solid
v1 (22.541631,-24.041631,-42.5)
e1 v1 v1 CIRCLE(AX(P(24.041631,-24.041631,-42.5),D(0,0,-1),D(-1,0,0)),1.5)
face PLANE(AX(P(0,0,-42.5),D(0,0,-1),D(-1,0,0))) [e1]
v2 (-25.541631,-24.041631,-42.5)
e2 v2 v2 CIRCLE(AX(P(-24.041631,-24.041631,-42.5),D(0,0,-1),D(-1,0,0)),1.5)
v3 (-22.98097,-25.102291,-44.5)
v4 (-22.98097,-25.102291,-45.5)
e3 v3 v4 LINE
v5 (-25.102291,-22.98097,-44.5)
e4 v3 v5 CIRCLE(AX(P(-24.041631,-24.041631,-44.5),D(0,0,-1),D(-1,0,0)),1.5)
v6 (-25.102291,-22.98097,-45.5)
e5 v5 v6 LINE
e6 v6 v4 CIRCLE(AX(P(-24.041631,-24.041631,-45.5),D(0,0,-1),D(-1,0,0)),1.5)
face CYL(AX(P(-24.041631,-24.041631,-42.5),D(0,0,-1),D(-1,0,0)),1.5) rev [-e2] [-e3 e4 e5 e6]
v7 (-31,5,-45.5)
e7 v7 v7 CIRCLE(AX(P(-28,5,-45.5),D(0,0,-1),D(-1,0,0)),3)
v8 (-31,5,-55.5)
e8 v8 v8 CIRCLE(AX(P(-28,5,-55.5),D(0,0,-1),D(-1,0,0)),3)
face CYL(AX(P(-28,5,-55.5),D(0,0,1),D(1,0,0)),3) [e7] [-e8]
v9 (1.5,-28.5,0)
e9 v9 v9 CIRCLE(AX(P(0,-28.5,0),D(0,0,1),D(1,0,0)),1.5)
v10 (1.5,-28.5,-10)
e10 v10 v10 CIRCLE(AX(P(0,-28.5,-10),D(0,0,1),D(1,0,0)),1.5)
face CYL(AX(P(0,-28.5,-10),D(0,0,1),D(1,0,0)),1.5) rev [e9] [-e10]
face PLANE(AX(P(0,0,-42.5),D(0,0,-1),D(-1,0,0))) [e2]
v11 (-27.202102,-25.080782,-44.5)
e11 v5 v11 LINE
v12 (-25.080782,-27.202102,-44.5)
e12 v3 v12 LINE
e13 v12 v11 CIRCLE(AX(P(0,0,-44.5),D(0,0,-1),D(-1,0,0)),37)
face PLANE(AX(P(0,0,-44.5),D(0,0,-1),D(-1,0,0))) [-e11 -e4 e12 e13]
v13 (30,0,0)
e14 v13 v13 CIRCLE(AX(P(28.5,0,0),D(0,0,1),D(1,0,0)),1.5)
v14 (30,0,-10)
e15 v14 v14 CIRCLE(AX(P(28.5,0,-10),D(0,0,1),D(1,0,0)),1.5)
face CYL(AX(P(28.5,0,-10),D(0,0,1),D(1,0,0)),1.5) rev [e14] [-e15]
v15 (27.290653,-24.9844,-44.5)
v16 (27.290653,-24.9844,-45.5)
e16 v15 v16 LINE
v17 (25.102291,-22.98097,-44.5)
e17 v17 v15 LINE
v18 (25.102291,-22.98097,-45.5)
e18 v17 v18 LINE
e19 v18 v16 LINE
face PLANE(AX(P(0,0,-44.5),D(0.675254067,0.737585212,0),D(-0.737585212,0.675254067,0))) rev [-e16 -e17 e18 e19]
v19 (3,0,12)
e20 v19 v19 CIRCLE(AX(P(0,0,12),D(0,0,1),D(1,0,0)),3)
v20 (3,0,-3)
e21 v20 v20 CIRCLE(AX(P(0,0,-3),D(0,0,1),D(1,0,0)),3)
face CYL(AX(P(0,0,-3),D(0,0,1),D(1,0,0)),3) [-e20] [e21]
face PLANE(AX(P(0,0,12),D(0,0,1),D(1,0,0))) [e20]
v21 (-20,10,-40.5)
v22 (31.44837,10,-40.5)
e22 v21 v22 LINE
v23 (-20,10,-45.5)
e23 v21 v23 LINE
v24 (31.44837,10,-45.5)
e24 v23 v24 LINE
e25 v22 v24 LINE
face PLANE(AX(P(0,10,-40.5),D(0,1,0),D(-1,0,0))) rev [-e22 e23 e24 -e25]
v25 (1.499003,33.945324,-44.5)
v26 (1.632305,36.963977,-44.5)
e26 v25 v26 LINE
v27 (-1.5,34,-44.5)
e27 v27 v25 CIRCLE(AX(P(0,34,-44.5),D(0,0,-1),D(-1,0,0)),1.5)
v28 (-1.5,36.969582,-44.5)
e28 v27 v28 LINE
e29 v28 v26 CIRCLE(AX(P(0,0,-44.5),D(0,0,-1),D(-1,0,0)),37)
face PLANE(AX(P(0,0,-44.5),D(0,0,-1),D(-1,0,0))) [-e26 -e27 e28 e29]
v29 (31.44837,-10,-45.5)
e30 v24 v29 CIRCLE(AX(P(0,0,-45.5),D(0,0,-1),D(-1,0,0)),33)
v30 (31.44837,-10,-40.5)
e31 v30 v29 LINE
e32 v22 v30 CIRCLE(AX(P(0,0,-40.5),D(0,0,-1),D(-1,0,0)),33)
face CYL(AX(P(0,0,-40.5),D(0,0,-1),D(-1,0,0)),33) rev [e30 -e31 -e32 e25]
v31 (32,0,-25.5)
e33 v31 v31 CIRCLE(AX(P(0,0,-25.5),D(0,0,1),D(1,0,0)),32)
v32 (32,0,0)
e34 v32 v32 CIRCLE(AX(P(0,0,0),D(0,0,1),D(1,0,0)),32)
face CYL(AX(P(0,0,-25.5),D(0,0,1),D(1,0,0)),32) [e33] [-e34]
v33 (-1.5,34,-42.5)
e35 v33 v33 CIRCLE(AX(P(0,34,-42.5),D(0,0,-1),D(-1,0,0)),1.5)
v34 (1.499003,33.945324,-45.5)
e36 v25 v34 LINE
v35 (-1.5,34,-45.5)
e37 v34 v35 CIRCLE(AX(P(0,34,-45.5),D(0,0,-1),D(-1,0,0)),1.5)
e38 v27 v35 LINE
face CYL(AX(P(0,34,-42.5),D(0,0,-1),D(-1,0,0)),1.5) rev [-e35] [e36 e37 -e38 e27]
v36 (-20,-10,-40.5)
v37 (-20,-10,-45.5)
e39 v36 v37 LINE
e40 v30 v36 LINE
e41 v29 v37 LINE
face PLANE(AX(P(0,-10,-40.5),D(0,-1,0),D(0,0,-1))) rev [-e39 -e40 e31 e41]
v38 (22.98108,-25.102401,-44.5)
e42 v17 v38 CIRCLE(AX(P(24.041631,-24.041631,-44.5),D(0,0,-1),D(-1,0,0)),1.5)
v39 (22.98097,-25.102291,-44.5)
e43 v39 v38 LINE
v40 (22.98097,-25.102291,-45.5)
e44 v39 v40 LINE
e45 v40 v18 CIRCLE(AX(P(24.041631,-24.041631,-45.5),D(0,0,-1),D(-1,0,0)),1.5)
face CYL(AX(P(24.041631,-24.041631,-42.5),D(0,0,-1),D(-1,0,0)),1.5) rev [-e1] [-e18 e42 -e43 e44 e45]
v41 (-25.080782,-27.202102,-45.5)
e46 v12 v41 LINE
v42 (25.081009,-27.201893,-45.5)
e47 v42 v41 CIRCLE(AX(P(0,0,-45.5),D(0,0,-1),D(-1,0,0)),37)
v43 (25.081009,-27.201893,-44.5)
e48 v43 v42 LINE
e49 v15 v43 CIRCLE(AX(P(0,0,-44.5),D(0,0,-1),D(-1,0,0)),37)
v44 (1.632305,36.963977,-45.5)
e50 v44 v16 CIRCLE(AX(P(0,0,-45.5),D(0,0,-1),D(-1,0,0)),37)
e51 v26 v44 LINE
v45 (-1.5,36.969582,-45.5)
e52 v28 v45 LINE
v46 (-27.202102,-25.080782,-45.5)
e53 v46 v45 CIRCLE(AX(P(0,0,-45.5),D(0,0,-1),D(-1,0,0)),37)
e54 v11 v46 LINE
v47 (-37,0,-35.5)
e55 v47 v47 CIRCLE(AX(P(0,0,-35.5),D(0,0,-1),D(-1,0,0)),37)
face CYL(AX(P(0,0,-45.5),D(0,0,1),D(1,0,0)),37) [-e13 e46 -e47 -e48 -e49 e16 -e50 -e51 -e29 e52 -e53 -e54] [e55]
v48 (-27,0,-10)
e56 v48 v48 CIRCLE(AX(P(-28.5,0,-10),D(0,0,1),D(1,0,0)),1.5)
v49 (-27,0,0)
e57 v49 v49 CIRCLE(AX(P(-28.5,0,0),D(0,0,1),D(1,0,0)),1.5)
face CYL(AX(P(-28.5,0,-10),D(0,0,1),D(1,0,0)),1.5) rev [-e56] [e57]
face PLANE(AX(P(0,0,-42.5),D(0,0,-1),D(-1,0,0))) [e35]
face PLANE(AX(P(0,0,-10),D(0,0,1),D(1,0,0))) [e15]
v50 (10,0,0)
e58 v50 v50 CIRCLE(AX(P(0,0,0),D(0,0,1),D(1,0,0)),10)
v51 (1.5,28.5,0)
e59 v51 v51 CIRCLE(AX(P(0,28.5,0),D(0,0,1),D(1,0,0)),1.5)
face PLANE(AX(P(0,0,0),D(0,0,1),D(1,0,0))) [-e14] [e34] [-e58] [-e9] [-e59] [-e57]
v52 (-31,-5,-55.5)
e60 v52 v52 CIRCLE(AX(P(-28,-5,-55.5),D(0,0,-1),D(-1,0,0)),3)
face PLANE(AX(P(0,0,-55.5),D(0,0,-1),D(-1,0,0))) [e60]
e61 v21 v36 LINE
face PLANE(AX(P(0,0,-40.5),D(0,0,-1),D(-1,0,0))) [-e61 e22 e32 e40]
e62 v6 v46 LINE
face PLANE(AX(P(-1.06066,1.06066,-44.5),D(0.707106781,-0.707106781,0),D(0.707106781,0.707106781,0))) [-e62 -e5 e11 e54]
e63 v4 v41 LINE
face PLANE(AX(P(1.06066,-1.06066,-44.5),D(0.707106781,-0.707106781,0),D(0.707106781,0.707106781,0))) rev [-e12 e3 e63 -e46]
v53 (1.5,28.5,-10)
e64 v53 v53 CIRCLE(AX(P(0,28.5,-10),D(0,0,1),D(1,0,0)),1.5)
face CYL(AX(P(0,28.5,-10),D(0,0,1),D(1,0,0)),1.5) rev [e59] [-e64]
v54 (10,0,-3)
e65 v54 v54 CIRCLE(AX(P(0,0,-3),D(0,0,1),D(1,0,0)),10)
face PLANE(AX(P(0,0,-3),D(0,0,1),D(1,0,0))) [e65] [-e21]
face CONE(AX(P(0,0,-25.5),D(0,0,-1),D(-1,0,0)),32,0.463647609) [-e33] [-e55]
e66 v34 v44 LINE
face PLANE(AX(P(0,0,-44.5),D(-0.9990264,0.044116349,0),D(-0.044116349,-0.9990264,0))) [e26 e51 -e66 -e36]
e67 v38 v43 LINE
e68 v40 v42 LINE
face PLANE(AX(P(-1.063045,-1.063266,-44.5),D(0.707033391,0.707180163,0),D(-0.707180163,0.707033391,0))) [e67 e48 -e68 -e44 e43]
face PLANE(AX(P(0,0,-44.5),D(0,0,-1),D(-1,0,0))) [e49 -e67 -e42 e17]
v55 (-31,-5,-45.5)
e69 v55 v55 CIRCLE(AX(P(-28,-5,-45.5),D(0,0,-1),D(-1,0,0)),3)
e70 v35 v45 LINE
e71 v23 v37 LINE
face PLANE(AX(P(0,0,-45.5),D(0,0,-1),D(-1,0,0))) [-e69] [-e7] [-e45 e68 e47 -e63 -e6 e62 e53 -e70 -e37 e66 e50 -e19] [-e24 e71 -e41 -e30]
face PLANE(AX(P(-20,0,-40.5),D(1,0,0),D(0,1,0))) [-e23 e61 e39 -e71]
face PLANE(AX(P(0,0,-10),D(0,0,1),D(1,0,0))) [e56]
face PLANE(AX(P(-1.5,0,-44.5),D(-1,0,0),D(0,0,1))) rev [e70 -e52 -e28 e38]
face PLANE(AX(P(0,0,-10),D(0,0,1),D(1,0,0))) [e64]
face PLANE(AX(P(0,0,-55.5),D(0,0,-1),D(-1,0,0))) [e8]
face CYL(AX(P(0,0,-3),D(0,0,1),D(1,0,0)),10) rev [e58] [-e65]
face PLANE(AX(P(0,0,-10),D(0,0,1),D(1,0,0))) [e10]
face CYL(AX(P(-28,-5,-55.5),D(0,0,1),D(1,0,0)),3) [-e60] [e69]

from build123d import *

# Parameters (mm, degrees)
SKETCH_1_R          = 32
EXTRUDE_1_DEPTH     = 25.5
SKETCH_3_R          = 37
EXTRUDE_3_DEPTH     = 10
SKETCH_4_R          = 1.5
CUT_EXTRUDE_1_DEPTH = 10
CUT_EXTRUDE_2_DEPTH = 5
SKETCH_7_R          = 3
EXTRUDE_4_DEPTH     = 10
CUT_EXTRUDE_START   = -1
CUT_EXTRUDE_3_DEPTH = 1
CUT_EXTRUDE_START_2 = -3
SKETCH_8_3_R        = 1.5
CUT_EXTRUDE_4_DEPTH = 3
SKETCH_9_R          = 10
SKETCH_9_R_2        = 3
CUT_EXTRUDE_5_DEPTH = 3
EXTRUDE_START       = 12
SKETCH_9_4_R        = 3
EXTRUDE_5_DEPTH     = 12


with BuildPart() as part:
    # 草图1 → 凸台-拉伸1 (new body)
    with BuildSketch(Plane.XY):
        Circle(SKETCH_1_R)
    extrude(amount=-EXTRUDE_1_DEPTH)



with BuildPart() as body_2:
    # 草图3 → 凸台-拉伸3 (new body)
    with BuildSketch(Plane(origin=(0, 0, -35.5), x_dir=(-1, 0, 0), z_dir=(0, 0, -1))):
        Circle(SKETCH_3_R)
    extrude(amount=EXTRUDE_3_DEPTH)


with BuildPart() as part_1:
    add(part.part)

    add(body_2.part)  # loft_1 joins it to this body
    # loft up to a face of the part (loft_1)
    loft([Face(Wire([part_1.edges().sort_by_distance((-21.90550739, -23.326996077, -25.5))[0]])), Face(Wire([part_1.edges().sort_by_distance((25.328242919, -26.971839215, -35.5))[0]]))])

    # 草图4 → 切除-拉伸1 (cut)
    with BuildSketch(Plane.XY):
        with Locations((28.5, 0)):
            Circle(SKETCH_4_R)
        with Locations((-28.5, 0)):
            Circle(SKETCH_4_R)
        with Locations((0, 28.5)):
            Circle(SKETCH_4_R)
        with Locations((0, -28.5)):
            Circle(SKETCH_4_R)
    extrude(amount=-CUT_EXTRUDE_1_DEPTH, mode=Mode.SUBTRACT)

    # 草图5 → 切除-拉伸2 (cut)
    with BuildSketch(Plane(origin=(0, 0, -45.5), x_dir=(-1, 0, 0), z_dir=(0, 0, -1))):
        with BuildLine():
            Line((-31.448370387, -10), (20, -10))
            Line((20, -10), (20, 10))
            Line((20, 10), (-31.448370387, 10))
            ThreePointArc((-31.448370387, 10), (-33, 0), (-31.448370387, -10))
        make_face()
    extrude(amount=-CUT_EXTRUDE_2_DEPTH, mode=Mode.SUBTRACT)

    # 草图7 → 凸台-拉伸4 (add)
    with BuildSketch(Plane(origin=(0, 0, -45.5), x_dir=(-1, 0, 0), z_dir=(0, 0, -1))):
        with Locations((28, 5)):
            Circle(SKETCH_7_R)
        with Locations((28, -5)):
            Circle(SKETCH_7_R)
    extrude(amount=EXTRUDE_4_DEPTH)

    # 草图8 → 切除-拉伸3 (cut)
    with BuildSketch(Plane(origin=(0, 0, -45.5), x_dir=(-1, 0, 0), z_dir=(0, 0, -1)).offset(CUT_EXTRUDE_START)):
        with BuildLine():
            Line((-1.632304903, 36.963976798), (-1.499003176, 33.945323885))
            ThreePointArc((-1.499003176, 33.945323885), (-0.0273426, 35.499750773), (1.5, 34))
            Line((1.5, 34), (1.5, 36.969582091))
            ThreePointArc((1.5, 36.969582091), (-0.066211794, 36.999940757), (-1.632304903, 36.963976798))
        make_face()
        with BuildLine():
            Line((-25.08100879, -27.201893281), (-22.980970389, -25.102290732))
            ThreePointArc((-22.980970389, -25.102290732), (-25.102290732, -25.102290732), (-25.102290732, -22.980970389))
            Line((-25.102290732, -22.980970389), (-27.290652839, -24.984400486))
            ThreePointArc((-27.290652839, -24.984400486), (-26.209293276, -26.1165263), (-25.08100879, -27.201893281))
        make_face()
        with BuildLine():
            Line((22.980970389, -25.102290732), (25.080782023, -27.202102366))
            ThreePointArc((25.080782023, -27.202102366), (26.162950904, -26.162950904), (27.202102366, -25.080782023))
            Line((27.202102366, -25.080782023), (25.102290732, -22.980970389))
            ThreePointArc((25.102290732, -22.980970389), (25.102290732, -25.102290732), (22.980970389, -25.102290732))
        make_face()
    extrude(amount=CUT_EXTRUDE_3_DEPTH, mode=Mode.SUBTRACT)

    # 草图8<3> → 切除-拉伸4 (cut)
    with BuildSketch(Plane(origin=(0, 0, -45.5), x_dir=(-1, 0, 0), z_dir=(0, 0, -1)).offset(CUT_EXTRUDE_START_2)):
        with Locations((0, 34)):
            Circle(SKETCH_8_3_R)
        with Locations((24.04163056, -24.04163056)):
            Circle(SKETCH_8_3_R)
        with Locations((-24.04163056, -24.04163056)):
            Circle(SKETCH_8_3_R)
    extrude(amount=CUT_EXTRUDE_4_DEPTH, mode=Mode.SUBTRACT)

    # 草图9 → 切除-拉伸5 (cut)
    with BuildSketch(Plane.XY):
        Circle(SKETCH_9_R)
        Circle(SKETCH_9_R_2, mode=Mode.SUBTRACT)
    extrude(amount=-CUT_EXTRUDE_5_DEPTH, mode=Mode.SUBTRACT)

    # 草图9<4> → 凸台-拉伸5 (add)
    with BuildSketch(Plane.XY.offset(EXTRUDE_START)):
        Circle(SKETCH_9_4_R)
    extrude(amount=-EXTRUDE_5_DEPTH)


solid = part_1.part
